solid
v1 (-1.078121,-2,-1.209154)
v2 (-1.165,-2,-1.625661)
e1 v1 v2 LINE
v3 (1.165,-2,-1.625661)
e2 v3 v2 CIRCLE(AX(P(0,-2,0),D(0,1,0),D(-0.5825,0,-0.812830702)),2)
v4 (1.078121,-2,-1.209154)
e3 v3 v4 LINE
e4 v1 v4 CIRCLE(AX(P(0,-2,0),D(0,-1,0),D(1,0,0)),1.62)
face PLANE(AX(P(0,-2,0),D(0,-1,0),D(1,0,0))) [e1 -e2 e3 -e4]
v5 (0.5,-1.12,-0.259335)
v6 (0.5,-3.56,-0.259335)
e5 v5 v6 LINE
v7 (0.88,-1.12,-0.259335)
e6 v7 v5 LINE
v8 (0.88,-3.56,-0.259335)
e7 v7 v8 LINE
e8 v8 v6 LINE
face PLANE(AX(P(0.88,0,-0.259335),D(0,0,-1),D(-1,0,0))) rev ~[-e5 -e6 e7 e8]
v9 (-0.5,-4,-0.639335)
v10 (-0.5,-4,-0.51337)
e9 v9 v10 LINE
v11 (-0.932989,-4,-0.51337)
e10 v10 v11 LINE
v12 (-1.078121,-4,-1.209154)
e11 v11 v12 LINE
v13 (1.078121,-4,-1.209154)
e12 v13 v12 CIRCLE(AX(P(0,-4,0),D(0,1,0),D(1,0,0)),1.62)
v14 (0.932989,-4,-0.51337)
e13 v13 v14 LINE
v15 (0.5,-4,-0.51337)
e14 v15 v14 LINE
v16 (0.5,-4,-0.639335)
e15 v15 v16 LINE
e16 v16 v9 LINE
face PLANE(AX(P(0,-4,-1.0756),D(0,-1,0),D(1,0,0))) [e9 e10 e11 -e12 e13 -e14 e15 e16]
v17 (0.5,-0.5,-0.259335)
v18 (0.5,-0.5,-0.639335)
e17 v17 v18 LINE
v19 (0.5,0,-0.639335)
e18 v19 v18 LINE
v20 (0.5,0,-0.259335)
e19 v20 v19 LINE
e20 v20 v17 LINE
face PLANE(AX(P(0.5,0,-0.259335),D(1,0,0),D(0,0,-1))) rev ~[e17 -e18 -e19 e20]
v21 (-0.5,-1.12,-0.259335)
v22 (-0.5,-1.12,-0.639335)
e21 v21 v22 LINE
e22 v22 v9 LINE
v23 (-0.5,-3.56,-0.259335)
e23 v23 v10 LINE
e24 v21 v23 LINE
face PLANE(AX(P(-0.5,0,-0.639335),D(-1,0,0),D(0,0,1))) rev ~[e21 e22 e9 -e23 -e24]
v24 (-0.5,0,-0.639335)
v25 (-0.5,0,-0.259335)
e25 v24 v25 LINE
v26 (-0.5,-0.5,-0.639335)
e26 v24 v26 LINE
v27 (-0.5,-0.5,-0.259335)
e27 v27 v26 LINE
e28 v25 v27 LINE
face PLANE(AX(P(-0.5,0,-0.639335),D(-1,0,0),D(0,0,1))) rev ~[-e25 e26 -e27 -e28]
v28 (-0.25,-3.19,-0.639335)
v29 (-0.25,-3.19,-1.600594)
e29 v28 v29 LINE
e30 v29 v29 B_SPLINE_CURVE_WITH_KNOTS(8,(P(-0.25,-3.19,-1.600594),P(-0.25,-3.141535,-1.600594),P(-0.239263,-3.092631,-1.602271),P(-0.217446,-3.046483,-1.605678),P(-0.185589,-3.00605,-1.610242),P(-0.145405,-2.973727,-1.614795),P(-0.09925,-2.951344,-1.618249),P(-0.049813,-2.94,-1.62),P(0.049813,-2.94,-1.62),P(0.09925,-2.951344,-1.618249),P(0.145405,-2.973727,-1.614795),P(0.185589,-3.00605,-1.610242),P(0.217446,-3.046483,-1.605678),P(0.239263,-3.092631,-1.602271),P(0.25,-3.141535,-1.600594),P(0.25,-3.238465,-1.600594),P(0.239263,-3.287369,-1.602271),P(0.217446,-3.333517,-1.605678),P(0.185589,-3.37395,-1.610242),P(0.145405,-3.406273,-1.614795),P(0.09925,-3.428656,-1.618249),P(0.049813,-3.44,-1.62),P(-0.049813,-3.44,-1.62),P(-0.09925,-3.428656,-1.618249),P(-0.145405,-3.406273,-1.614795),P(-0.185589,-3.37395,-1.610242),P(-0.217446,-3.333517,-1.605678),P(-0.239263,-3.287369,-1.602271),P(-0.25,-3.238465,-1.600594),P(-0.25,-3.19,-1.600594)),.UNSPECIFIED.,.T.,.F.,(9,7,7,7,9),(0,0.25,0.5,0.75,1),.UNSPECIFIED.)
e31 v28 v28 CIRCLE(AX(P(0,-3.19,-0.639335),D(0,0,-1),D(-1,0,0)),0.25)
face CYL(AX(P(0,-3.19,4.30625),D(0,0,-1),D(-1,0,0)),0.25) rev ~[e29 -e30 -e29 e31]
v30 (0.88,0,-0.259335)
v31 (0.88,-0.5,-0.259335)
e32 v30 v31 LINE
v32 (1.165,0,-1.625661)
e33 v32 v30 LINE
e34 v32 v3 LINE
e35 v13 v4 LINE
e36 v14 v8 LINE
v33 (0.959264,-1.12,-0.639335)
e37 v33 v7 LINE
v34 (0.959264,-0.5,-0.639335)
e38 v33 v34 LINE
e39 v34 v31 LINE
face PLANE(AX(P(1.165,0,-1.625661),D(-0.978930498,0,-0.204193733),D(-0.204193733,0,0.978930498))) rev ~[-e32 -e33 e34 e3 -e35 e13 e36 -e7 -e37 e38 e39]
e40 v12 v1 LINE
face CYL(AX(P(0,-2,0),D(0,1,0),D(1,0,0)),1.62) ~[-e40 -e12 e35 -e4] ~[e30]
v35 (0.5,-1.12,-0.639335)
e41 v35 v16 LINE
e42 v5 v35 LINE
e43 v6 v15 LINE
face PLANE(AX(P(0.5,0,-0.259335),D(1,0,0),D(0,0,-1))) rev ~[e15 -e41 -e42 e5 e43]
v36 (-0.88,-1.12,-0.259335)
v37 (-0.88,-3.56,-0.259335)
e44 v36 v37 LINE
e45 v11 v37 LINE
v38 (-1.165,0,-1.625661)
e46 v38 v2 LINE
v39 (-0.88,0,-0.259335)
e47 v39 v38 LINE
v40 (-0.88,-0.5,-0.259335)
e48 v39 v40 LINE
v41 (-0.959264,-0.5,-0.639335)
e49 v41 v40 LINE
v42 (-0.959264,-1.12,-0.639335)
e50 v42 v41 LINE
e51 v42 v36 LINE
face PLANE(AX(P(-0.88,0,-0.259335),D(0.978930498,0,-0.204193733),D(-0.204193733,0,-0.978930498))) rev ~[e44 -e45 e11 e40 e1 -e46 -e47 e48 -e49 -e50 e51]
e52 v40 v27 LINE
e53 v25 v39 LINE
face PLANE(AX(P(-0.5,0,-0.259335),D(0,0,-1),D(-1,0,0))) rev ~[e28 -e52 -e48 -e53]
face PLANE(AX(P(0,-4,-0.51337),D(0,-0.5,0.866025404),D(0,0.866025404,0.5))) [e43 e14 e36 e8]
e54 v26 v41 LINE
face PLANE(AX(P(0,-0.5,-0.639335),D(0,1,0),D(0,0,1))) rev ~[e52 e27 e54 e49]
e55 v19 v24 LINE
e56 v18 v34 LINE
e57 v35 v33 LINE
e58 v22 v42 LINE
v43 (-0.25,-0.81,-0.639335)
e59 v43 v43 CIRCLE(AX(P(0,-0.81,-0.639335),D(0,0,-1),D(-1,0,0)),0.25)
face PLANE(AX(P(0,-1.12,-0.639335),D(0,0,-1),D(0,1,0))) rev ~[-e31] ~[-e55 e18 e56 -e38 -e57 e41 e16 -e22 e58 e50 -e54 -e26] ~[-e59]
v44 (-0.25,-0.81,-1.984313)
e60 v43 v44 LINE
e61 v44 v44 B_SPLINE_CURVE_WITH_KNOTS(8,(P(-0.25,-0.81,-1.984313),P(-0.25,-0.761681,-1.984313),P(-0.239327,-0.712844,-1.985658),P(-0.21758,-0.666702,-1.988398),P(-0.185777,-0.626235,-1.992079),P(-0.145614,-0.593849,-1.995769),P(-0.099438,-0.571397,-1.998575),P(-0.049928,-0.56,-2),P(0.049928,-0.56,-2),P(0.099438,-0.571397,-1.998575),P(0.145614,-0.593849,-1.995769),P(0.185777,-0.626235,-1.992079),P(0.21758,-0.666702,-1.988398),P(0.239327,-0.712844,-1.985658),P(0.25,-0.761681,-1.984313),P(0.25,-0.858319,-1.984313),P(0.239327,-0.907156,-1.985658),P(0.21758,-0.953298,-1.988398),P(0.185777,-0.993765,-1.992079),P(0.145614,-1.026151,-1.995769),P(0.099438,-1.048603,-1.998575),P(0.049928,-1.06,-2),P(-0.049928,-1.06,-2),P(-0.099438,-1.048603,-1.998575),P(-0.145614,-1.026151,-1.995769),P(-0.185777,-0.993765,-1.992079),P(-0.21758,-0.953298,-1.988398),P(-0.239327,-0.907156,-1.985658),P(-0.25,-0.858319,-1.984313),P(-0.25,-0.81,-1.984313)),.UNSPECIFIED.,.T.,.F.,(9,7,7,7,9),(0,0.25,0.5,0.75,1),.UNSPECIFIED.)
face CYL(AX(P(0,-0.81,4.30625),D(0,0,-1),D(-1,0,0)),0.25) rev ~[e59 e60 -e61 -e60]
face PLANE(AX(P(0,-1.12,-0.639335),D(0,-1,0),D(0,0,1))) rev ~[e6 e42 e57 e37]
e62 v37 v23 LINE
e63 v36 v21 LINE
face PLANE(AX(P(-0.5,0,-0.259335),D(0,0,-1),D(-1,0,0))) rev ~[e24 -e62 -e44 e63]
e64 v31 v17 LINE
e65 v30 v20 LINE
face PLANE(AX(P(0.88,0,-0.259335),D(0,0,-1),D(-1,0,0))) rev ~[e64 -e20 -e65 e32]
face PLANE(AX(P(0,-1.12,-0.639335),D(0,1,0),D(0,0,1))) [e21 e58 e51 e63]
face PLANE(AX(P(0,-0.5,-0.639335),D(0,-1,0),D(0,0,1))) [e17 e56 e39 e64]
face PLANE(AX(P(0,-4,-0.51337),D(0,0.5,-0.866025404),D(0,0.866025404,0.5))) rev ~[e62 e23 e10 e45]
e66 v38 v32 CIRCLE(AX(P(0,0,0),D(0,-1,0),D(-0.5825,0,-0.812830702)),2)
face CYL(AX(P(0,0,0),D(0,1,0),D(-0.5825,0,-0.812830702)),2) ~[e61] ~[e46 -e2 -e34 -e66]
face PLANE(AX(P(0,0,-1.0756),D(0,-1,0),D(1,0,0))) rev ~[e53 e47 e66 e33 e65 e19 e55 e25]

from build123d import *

# Parameters (mm, degrees)
F1_DEPTH      = 4
F2_W          = 0.62
F2_H          = 0.6393354729
F3_DEPTH      = 1.166
F3_DEPTH_BACK = 1.166
F5_R          = 2.5
F5_R_2        = 1.62
F6_DEPTH      = 2.001
F8_D          = 0.5


with BuildPart() as f1:
    # F0 (on Front) → F1 (new body)
    with BuildSketch(Plane.XZ):
        with BuildLine():
            Line((-0.88, -0.2593354729), (-1.165, -1.6256614039))
            ThreePointArc((-1.165, -1.6256614039), (0, -2), (1.165, -1.6256614039))
            Line((1.165, -1.6256614039), (0.88, -0.2593354729))
            Line((0.88, -0.2593354729), (0.5, -0.2593354729))
            Line((0.5, -0.2593354729), (0.5, -0.6393354729))
            Line((0.5, -0.6393354729), (-0.5, -0.6393354729))
            Line((-0.5, -0.6393354729), (-0.5, -0.2593354729))
            Line((-0.5, -0.2593354729), (-0.88, -0.2593354729))
        make_face()
    extrude(amount=F1_DEPTH)

    # F2 (on Right) → F3 (cut, two sides)
    with BuildSketch(Plane.YZ) as f3_sk:
        with Locations((-0.81, -0.3196677365)):
            Rectangle(F2_W, F2_H)
        Polygon((-4, -0.5133695914), (-3.1108177847, 0), (-4, 0), align=None)
    extrude(amount=-F3_DEPTH, mode=Mode.SUBTRACT)
    extrude(f3_sk.sketch, amount=F3_DEPTH_BACK, mode=Mode.SUBTRACT)

    # F5 (on offset) → F6 (cut, through all)
    with BuildSketch(Plane.XZ.offset(2)):
        Circle(F5_R)
        Circle(F5_R_2, mode=Mode.SUBTRACT)
    extrude(amount=F6_DEPTH, mode=Mode.SUBTRACT)

    # F8 (through all)
    with Locations(Plane.XY.offset(-0.6393354729)):
        with Locations((0, -0.81), (0, -3.19)):
            Hole(F8_D / 2)


solid = f1.part
